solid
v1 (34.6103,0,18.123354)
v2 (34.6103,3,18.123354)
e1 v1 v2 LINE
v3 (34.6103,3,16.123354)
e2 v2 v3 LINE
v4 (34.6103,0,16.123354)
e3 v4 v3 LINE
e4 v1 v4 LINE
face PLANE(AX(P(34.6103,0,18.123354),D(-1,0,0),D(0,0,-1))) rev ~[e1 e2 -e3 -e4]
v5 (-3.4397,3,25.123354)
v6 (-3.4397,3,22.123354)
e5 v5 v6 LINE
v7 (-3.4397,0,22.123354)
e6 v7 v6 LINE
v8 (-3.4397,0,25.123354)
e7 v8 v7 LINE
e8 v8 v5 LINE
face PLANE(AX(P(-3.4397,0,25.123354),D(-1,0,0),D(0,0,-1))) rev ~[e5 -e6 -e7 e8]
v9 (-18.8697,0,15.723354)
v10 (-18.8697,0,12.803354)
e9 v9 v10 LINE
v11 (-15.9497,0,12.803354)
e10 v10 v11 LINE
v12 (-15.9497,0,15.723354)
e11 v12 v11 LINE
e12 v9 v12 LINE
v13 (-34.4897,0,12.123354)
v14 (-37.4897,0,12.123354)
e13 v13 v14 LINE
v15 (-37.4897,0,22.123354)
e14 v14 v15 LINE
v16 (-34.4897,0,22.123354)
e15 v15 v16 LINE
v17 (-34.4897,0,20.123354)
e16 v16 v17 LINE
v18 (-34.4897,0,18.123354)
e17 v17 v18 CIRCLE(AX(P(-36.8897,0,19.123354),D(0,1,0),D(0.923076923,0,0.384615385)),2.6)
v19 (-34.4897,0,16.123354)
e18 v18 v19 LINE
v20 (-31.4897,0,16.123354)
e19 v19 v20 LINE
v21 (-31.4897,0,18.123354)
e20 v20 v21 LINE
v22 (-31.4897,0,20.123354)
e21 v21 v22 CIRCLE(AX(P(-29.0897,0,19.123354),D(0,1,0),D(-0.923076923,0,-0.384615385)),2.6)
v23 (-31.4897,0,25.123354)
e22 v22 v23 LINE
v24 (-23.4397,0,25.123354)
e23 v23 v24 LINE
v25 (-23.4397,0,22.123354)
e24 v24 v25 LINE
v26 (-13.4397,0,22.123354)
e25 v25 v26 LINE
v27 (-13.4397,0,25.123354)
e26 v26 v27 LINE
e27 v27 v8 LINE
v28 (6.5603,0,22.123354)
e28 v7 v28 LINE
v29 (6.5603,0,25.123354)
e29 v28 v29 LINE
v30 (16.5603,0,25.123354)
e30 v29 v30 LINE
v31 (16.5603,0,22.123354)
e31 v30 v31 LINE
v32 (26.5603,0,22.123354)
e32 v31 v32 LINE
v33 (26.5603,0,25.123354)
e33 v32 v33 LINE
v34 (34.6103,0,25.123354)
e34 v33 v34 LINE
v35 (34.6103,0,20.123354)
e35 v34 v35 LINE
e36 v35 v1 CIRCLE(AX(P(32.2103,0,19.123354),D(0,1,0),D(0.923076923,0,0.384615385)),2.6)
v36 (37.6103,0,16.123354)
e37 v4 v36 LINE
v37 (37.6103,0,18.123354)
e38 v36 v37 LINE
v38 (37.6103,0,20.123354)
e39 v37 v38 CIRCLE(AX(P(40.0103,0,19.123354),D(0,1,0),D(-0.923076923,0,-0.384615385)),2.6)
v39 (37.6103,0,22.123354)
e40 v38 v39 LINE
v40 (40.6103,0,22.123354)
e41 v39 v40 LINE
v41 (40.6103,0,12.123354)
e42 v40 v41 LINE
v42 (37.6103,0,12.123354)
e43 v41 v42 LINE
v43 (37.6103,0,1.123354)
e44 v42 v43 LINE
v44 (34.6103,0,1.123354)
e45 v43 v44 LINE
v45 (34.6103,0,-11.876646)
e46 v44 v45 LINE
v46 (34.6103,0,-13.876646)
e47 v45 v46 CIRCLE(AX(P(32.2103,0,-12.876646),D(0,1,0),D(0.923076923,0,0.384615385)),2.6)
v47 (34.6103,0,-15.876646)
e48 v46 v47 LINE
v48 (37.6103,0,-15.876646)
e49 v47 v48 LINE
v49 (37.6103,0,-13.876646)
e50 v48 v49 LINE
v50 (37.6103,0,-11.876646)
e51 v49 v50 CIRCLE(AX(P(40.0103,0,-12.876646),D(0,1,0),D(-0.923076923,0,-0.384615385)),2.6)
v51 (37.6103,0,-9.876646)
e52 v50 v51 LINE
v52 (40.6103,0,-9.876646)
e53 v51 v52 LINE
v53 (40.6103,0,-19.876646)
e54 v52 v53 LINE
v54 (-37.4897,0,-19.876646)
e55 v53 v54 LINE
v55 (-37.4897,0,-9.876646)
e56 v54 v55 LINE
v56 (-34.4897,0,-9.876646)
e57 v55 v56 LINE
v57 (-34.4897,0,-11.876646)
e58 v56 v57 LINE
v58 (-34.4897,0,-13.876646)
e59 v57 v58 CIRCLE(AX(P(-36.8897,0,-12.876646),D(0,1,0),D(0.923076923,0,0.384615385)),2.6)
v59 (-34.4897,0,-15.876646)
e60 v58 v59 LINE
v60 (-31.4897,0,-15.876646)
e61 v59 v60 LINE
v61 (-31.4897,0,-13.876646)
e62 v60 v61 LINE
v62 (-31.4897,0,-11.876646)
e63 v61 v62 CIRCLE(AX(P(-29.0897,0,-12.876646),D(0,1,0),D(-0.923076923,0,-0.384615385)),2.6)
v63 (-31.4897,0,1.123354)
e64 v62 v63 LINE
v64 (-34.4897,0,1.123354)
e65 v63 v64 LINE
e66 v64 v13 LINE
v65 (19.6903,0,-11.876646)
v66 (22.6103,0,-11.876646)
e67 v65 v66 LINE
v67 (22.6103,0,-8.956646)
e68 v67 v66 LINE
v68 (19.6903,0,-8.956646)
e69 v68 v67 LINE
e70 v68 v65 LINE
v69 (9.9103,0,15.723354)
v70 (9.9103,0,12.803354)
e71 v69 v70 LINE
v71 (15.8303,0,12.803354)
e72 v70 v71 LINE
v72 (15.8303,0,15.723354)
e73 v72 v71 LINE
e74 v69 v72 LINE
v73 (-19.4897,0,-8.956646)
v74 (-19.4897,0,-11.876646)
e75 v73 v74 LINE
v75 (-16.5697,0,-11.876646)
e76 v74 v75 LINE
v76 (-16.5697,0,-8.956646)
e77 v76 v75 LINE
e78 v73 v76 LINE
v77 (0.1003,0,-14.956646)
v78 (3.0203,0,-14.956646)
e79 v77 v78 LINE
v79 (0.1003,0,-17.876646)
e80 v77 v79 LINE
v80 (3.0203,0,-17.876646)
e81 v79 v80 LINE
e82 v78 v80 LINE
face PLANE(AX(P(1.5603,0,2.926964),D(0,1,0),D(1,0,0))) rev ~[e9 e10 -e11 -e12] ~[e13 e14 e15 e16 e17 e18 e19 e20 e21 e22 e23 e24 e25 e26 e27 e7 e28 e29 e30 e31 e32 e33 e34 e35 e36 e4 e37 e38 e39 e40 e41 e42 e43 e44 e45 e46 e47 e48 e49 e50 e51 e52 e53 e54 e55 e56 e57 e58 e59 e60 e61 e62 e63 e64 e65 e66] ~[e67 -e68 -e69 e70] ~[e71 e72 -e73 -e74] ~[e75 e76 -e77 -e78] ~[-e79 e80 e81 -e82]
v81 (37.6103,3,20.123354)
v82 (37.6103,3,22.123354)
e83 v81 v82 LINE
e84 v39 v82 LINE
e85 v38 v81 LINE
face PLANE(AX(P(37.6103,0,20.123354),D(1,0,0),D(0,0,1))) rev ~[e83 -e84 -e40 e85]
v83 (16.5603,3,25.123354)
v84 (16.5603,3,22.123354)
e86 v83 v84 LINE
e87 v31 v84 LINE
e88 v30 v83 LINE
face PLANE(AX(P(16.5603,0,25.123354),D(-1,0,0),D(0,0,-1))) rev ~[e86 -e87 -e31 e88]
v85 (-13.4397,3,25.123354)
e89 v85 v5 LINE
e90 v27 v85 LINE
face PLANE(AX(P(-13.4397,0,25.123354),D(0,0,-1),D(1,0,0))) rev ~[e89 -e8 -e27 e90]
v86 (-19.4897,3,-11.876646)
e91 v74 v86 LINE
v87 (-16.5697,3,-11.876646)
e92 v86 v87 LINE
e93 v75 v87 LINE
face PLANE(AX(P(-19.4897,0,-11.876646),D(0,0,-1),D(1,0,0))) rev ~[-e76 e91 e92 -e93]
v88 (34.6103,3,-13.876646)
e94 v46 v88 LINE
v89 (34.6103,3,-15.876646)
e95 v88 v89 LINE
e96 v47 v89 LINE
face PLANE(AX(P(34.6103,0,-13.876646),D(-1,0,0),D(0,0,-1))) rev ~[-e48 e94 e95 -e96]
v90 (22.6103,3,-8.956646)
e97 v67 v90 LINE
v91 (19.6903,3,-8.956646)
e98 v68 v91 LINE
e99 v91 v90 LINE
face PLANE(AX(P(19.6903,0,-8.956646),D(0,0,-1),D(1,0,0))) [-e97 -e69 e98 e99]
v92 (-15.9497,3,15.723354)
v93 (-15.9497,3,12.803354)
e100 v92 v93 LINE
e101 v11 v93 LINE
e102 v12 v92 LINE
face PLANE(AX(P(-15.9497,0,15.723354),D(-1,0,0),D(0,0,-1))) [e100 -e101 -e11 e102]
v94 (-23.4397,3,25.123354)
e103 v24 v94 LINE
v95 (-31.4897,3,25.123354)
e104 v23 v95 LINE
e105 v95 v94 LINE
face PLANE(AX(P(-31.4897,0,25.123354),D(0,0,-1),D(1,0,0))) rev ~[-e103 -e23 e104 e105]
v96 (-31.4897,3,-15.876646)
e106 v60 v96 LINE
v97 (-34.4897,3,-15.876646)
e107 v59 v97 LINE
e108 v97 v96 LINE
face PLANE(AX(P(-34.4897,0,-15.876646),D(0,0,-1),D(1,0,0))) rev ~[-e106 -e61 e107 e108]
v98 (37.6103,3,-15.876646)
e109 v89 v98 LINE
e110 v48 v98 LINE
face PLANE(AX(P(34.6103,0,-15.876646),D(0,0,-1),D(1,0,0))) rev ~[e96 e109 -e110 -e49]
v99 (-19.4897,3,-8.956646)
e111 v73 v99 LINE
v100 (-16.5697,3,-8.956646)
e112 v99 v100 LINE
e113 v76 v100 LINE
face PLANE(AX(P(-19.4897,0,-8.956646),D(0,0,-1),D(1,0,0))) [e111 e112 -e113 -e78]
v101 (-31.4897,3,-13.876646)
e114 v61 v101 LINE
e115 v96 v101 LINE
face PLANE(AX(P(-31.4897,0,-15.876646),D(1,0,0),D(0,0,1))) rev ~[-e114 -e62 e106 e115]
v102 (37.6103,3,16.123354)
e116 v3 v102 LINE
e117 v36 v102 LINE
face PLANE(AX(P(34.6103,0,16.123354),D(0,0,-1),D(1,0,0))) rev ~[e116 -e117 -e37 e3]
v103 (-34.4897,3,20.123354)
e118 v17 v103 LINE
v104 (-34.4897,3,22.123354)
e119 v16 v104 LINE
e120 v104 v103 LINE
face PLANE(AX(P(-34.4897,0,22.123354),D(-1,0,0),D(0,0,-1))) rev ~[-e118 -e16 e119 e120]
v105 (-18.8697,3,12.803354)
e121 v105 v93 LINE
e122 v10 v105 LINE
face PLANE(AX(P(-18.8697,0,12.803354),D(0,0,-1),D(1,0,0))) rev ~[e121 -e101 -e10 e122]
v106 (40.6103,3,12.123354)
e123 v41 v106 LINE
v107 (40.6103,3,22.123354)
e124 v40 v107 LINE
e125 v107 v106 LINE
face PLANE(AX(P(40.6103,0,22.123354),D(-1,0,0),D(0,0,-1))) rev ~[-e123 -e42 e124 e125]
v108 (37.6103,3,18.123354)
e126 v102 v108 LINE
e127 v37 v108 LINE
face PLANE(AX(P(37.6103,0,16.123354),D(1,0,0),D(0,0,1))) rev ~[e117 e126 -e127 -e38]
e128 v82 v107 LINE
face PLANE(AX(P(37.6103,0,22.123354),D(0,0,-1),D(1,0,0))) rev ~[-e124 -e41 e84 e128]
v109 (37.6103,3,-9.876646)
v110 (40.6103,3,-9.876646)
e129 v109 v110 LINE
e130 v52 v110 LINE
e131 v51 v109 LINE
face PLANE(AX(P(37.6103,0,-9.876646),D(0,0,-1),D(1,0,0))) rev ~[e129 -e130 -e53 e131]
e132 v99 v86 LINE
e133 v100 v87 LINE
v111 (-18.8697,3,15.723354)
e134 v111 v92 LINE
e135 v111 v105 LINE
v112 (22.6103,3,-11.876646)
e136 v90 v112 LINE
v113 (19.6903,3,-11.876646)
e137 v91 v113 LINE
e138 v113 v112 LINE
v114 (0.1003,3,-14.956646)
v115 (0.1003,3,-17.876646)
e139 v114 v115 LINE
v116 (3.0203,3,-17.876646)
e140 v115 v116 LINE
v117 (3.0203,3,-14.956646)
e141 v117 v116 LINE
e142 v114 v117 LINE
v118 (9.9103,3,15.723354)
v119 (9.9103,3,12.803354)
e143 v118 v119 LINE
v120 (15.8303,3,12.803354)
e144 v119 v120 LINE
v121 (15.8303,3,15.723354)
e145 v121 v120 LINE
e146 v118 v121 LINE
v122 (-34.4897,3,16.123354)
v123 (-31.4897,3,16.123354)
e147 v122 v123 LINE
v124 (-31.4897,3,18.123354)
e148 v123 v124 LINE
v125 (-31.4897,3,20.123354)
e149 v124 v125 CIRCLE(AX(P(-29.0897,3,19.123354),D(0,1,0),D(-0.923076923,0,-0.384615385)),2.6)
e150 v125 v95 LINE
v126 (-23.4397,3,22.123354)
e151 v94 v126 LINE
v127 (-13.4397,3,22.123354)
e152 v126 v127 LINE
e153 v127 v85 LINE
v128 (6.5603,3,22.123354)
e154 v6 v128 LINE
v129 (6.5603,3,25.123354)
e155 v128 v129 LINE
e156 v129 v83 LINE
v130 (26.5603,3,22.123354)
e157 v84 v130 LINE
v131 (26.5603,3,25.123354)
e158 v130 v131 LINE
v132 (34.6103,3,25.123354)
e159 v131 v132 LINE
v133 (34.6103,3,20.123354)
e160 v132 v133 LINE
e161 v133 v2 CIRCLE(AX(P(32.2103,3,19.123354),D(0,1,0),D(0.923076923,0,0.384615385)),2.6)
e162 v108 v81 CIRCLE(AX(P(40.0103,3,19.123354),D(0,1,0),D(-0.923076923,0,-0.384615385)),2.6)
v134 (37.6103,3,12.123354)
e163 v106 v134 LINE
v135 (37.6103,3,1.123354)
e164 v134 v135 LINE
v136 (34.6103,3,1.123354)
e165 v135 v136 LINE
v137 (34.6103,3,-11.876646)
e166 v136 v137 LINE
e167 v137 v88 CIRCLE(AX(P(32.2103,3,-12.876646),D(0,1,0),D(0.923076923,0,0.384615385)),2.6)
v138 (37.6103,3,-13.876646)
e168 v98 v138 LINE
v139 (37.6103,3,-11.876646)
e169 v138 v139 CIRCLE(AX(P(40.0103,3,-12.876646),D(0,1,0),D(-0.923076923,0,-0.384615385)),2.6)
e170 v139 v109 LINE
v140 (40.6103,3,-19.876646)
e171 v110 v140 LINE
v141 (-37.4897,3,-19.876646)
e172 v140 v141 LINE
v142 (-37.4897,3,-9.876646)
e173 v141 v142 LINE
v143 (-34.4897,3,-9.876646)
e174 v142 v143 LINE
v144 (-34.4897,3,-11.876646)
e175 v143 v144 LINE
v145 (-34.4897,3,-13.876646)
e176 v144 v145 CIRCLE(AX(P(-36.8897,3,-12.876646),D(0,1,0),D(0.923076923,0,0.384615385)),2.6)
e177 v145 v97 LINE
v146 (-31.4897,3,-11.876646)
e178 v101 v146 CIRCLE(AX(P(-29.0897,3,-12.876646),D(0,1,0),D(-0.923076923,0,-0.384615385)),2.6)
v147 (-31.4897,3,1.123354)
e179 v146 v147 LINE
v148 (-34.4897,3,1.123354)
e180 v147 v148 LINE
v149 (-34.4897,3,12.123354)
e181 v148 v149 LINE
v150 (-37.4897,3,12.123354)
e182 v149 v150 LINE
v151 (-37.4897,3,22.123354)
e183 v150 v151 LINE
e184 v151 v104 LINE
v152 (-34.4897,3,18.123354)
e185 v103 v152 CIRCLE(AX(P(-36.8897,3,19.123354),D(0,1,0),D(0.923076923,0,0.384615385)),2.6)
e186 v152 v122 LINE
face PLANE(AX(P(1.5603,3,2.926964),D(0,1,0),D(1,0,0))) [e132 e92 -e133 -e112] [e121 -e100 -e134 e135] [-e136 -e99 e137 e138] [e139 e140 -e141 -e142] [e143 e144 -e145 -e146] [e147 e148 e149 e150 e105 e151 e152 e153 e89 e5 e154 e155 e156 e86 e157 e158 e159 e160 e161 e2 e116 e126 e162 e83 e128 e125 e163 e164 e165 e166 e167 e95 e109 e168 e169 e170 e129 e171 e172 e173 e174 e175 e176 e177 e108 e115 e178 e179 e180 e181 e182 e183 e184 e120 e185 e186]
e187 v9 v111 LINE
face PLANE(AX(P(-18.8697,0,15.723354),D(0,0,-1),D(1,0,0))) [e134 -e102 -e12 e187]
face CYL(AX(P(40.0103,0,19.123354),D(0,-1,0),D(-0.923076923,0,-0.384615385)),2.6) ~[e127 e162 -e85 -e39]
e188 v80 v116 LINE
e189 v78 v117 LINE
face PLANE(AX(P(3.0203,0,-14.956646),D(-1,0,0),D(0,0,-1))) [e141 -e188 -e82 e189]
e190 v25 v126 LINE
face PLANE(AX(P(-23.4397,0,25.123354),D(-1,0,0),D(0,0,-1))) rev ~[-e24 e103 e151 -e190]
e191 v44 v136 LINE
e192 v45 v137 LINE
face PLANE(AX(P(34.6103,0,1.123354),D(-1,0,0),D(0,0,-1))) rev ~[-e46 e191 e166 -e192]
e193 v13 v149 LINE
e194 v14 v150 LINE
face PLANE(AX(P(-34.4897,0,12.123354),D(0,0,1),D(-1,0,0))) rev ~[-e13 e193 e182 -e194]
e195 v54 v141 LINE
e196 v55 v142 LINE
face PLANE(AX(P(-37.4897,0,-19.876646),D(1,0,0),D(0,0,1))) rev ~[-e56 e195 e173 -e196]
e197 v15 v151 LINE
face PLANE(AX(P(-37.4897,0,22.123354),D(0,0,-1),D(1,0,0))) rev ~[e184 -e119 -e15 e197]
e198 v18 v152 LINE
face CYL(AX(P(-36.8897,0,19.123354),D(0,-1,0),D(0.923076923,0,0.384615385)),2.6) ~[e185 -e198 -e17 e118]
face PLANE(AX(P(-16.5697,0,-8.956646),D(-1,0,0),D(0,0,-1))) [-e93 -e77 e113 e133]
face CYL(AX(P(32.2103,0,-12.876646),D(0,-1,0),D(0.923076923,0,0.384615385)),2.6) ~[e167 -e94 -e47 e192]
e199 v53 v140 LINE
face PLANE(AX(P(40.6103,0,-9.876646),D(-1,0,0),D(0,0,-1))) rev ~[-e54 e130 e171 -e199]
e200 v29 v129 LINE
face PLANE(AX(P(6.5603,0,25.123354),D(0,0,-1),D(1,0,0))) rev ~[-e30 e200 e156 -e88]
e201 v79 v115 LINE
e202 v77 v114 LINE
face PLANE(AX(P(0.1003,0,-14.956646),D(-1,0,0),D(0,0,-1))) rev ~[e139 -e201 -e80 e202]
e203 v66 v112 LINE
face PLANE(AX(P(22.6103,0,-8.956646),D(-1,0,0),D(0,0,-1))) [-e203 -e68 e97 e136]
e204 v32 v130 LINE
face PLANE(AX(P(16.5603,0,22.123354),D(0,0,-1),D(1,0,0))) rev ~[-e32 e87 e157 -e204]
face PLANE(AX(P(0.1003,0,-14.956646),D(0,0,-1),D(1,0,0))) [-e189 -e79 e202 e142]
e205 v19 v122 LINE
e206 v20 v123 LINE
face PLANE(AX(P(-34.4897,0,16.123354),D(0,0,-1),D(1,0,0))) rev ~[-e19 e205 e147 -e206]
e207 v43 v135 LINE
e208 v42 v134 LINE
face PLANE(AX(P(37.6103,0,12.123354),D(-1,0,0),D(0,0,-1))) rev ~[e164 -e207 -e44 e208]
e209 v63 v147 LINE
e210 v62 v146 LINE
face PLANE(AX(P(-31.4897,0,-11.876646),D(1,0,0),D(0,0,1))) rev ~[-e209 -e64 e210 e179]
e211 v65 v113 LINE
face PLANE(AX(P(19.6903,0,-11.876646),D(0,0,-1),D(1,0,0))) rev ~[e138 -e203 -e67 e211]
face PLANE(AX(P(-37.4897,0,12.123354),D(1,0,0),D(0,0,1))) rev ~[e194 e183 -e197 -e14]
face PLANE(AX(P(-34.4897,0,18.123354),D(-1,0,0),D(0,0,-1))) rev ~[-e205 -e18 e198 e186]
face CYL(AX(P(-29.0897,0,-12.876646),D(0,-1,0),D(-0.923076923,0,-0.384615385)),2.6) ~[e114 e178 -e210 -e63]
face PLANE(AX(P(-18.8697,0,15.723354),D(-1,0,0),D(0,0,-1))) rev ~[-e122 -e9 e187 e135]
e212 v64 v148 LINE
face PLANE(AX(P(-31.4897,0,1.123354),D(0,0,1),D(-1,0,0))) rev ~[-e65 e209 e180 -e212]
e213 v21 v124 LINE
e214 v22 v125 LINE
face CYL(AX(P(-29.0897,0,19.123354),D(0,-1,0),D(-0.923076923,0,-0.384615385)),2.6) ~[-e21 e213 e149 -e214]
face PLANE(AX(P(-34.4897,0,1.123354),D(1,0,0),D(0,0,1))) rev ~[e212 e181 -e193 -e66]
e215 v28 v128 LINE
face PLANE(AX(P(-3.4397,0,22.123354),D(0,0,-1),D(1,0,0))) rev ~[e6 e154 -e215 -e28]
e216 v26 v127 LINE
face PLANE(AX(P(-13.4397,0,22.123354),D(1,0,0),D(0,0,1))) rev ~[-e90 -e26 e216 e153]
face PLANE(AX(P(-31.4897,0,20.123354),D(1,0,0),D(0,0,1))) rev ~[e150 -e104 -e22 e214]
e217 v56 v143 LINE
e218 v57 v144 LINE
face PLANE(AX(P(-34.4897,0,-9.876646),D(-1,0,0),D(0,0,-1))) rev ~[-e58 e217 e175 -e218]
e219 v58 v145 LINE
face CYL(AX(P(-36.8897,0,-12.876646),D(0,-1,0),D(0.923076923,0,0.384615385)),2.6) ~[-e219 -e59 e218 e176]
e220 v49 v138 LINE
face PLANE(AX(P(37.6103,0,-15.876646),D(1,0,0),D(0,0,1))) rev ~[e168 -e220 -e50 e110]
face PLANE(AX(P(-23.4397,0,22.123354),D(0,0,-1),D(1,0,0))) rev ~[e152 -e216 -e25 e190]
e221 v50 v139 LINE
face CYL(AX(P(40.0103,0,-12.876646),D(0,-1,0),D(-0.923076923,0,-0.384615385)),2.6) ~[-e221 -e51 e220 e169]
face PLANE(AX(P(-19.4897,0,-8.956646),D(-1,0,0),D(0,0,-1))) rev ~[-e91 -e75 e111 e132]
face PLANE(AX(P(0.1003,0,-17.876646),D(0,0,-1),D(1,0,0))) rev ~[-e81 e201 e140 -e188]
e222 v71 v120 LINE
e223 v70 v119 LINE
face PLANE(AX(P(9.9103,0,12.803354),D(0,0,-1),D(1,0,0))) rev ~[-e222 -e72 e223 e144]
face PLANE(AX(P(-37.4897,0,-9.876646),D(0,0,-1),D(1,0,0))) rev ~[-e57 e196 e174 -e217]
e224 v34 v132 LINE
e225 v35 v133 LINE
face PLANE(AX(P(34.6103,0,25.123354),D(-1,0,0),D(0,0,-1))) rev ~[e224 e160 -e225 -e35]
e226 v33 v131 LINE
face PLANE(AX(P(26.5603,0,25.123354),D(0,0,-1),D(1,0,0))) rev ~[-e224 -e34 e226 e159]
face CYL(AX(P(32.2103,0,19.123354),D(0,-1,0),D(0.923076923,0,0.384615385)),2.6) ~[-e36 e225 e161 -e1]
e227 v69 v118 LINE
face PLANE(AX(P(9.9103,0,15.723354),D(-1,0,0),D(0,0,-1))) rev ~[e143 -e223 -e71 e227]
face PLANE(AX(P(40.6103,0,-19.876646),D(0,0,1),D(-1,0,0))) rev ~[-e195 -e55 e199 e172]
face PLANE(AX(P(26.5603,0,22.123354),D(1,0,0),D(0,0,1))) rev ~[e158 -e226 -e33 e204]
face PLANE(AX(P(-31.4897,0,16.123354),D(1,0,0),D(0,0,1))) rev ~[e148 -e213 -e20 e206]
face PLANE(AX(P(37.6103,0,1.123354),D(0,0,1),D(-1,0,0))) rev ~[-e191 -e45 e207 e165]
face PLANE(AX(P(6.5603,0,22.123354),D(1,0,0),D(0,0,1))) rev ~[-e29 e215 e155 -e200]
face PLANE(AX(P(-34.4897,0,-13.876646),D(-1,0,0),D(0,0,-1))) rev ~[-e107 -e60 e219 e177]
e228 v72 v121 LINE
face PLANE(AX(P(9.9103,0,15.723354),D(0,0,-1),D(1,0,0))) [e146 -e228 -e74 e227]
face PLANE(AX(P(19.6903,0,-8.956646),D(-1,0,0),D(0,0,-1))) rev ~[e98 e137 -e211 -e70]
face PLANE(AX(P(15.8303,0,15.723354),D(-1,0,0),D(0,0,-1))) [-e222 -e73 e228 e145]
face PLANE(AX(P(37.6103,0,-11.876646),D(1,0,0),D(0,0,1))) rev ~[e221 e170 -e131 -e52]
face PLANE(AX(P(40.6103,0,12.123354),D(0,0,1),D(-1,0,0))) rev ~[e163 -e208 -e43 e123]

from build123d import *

# Parameters (mm, degrees)
SKETCH1_W           = 2.92
SKETCH1_H           = 2.92
SKETCH1_W_2         = 5.92
BOSS_EXTRUDE1_DEPTH = 3


with BuildPart() as part:
    # Sketch1 → Boss-Extrude1 (new body)
    with BuildSketch(Plane(origin=(0, 0, 0), x_dir=(1, 0, 0), z_dir=(0, 1, 0))):
        with BuildLine():
            Line((-37.489699571, 19.876646482), (-37.489699571, 9.876646482))
            Line((-37.489699571, 9.876646482), (-34.489699571, 9.876646482))
            Line((-34.489699571, 9.876646482), (-34.489699571, 11.876646482))
            ThreePointArc((-34.489699571, 11.876646482), (-34.289699571, 12.876646482), (-34.489699571, 13.876646482))
            Line((-34.489699571, 13.876646482), (-34.489699571, 15.876646482))
            Line((-34.489699571, 15.876646482), (-31.489699571, 15.876646482))
            Line((-31.489699571, 15.876646482), (-31.489699571, 13.876646482))
            ThreePointArc((-31.489699571, 13.876646482), (-31.689699571, 12.876646482), (-31.489699571, 11.876646482))
            Line((-31.489699571, 11.876646482), (-31.489699571, -1.123353518))
            Line((-31.489699571, -1.123353518), (-34.489699571, -1.123353518))
            Line((-34.489699571, -1.123353518), (-34.489699571, -12.123353518))
            Line((-34.489699571, -12.123353518), (-37.489699571, -12.123353518))
            Line((-37.489699571, -12.123353518), (-37.489699571, -22.123353518))
            Line((-37.489699571, -22.123353518), (-34.489699571, -22.123353518))
            Line((-34.489699571, -22.123353518), (-34.489699571, -20.123353518))
            ThreePointArc((-34.489699571, -20.123353518), (-34.289699571, -19.123353518), (-34.489699571, -18.123353518))
            Line((-34.489699571, -18.123353518), (-34.489699571, -16.123353518))
            Line((-34.489699571, -16.123353518), (-31.489699571, -16.123353518))
            Line((-31.489699571, -16.123353518), (-31.489699571, -18.123353518))
            ThreePointArc((-31.489699571, -18.123353518), (-31.689699571, -19.123353518), (-31.489699571, -20.123353518))
            Line((-31.489699571, -20.123353518), (-31.489699571, -25.123353518))
            Line((-31.489699571, -25.123353518), (-23.439699571, -25.123353518))
            Line((-23.439699571, -25.123353518), (-23.439699571, -22.123353518))
            Line((-23.439699571, -22.123353518), (-13.439699571, -22.123353518))
            Line((-13.439699571, -22.123353518), (-13.439699571, -25.123353518))
            Line((-13.439699571, -25.123353518), (-3.439699571, -25.123353518))
            Line((-3.439699571, -25.123353518), (-3.439699571, -22.123353518))
            Line((-3.439699571, -22.123353518), (6.560300429, -22.123353518))
            Line((6.560300429, -22.123353518), (6.560300429, -25.123353518))
            Line((6.560300429, -25.123353518), (16.560300429, -25.123353518))
            Line((16.560300429, -25.123353518), (16.560300429, -22.123353518))
            Line((16.560300429, -22.123353518), (26.560300429, -22.123353518))
            Line((26.560300429, -22.123353518), (26.560300429, -25.123353518))
            Line((26.560300429, -25.123353518), (34.610300429, -25.123353518))
            Line((34.610300429, -25.123353518), (34.610300429, -20.123353518))
            ThreePointArc((34.610300429, -20.123353518), (34.810300429, -19.123353518), (34.610300429, -18.123353518))
            Line((34.610300429, -18.123353518), (34.610300429, -16.123353518))
            Line((34.610300429, -16.123353518), (37.610300429, -16.123353518))
            Line((37.610300429, -16.123353518), (37.610300429, -18.123353518))
            ThreePointArc((37.610300429, -18.123353518), (37.410300429, -19.123353518), (37.610300429, -20.123353518))
            Line((37.610300429, -20.123353518), (37.610300429, -22.123353518))
            Line((37.610300429, -22.123353518), (40.610300429, -22.123353518))
            Line((40.610300429, -22.123353518), (40.610300429, -12.123353518))
            Line((40.610300429, -12.123353518), (37.610300429, -12.123353518))
            Line((37.610300429, -12.123353518), (37.610300429, -1.123353518))
            Line((37.610300429, -1.123353518), (34.610300429, -1.123353518))
            Line((34.610300429, -1.123353518), (34.610300429, 11.876646482))
            ThreePointArc((34.610300429, 11.876646482), (34.810300429, 12.876646482), (34.610300429, 13.876646482))
            Line((34.610300429, 13.876646482), (34.610300429, 15.876646482))
            Line((34.610300429, 15.876646482), (37.610300429, 15.876646482))
            Line((37.610300429, 15.876646482), (37.610300429, 13.876646482))
            ThreePointArc((37.610300429, 13.876646482), (37.410300429, 12.876646482), (37.610300429, 11.876646482))
            Line((37.610300429, 11.876646482), (37.610300429, 9.876646482))
            Line((37.610300429, 9.876646482), (40.610300429, 9.876646482))
            Line((40.610300429, 9.876646482), (40.610300429, 19.876646482))
            Line((40.610300429, 19.876646482), (-37.489699571, 19.876646482))
        make_face()
        with Locations((1.560300429, 16.416646482)):
            Rectangle(SKETCH1_W, SKETCH1_H, mode=Mode.SUBTRACT)
        with Locations((12.870300429, -14.263353518)):
            Rectangle(SKETCH1_W_2, SKETCH1_H, mode=Mode.SUBTRACT)
        with Locations((21.150300429, 10.416646482)):
            Rectangle(SKETCH1_W, SKETCH1_H, mode=Mode.SUBTRACT)
        with Locations((-18.029699571, 10.416646482)):
            Rectangle(SKETCH1_W, SKETCH1_H, mode=Mode.SUBTRACT)
        with Locations((-17.409699571, -14.263353518)):
            Rectangle(SKETCH1_W, SKETCH1_H, mode=Mode.SUBTRACT)
    extrude(amount=BOSS_EXTRUDE1_DEPTH)


solid = part.part
